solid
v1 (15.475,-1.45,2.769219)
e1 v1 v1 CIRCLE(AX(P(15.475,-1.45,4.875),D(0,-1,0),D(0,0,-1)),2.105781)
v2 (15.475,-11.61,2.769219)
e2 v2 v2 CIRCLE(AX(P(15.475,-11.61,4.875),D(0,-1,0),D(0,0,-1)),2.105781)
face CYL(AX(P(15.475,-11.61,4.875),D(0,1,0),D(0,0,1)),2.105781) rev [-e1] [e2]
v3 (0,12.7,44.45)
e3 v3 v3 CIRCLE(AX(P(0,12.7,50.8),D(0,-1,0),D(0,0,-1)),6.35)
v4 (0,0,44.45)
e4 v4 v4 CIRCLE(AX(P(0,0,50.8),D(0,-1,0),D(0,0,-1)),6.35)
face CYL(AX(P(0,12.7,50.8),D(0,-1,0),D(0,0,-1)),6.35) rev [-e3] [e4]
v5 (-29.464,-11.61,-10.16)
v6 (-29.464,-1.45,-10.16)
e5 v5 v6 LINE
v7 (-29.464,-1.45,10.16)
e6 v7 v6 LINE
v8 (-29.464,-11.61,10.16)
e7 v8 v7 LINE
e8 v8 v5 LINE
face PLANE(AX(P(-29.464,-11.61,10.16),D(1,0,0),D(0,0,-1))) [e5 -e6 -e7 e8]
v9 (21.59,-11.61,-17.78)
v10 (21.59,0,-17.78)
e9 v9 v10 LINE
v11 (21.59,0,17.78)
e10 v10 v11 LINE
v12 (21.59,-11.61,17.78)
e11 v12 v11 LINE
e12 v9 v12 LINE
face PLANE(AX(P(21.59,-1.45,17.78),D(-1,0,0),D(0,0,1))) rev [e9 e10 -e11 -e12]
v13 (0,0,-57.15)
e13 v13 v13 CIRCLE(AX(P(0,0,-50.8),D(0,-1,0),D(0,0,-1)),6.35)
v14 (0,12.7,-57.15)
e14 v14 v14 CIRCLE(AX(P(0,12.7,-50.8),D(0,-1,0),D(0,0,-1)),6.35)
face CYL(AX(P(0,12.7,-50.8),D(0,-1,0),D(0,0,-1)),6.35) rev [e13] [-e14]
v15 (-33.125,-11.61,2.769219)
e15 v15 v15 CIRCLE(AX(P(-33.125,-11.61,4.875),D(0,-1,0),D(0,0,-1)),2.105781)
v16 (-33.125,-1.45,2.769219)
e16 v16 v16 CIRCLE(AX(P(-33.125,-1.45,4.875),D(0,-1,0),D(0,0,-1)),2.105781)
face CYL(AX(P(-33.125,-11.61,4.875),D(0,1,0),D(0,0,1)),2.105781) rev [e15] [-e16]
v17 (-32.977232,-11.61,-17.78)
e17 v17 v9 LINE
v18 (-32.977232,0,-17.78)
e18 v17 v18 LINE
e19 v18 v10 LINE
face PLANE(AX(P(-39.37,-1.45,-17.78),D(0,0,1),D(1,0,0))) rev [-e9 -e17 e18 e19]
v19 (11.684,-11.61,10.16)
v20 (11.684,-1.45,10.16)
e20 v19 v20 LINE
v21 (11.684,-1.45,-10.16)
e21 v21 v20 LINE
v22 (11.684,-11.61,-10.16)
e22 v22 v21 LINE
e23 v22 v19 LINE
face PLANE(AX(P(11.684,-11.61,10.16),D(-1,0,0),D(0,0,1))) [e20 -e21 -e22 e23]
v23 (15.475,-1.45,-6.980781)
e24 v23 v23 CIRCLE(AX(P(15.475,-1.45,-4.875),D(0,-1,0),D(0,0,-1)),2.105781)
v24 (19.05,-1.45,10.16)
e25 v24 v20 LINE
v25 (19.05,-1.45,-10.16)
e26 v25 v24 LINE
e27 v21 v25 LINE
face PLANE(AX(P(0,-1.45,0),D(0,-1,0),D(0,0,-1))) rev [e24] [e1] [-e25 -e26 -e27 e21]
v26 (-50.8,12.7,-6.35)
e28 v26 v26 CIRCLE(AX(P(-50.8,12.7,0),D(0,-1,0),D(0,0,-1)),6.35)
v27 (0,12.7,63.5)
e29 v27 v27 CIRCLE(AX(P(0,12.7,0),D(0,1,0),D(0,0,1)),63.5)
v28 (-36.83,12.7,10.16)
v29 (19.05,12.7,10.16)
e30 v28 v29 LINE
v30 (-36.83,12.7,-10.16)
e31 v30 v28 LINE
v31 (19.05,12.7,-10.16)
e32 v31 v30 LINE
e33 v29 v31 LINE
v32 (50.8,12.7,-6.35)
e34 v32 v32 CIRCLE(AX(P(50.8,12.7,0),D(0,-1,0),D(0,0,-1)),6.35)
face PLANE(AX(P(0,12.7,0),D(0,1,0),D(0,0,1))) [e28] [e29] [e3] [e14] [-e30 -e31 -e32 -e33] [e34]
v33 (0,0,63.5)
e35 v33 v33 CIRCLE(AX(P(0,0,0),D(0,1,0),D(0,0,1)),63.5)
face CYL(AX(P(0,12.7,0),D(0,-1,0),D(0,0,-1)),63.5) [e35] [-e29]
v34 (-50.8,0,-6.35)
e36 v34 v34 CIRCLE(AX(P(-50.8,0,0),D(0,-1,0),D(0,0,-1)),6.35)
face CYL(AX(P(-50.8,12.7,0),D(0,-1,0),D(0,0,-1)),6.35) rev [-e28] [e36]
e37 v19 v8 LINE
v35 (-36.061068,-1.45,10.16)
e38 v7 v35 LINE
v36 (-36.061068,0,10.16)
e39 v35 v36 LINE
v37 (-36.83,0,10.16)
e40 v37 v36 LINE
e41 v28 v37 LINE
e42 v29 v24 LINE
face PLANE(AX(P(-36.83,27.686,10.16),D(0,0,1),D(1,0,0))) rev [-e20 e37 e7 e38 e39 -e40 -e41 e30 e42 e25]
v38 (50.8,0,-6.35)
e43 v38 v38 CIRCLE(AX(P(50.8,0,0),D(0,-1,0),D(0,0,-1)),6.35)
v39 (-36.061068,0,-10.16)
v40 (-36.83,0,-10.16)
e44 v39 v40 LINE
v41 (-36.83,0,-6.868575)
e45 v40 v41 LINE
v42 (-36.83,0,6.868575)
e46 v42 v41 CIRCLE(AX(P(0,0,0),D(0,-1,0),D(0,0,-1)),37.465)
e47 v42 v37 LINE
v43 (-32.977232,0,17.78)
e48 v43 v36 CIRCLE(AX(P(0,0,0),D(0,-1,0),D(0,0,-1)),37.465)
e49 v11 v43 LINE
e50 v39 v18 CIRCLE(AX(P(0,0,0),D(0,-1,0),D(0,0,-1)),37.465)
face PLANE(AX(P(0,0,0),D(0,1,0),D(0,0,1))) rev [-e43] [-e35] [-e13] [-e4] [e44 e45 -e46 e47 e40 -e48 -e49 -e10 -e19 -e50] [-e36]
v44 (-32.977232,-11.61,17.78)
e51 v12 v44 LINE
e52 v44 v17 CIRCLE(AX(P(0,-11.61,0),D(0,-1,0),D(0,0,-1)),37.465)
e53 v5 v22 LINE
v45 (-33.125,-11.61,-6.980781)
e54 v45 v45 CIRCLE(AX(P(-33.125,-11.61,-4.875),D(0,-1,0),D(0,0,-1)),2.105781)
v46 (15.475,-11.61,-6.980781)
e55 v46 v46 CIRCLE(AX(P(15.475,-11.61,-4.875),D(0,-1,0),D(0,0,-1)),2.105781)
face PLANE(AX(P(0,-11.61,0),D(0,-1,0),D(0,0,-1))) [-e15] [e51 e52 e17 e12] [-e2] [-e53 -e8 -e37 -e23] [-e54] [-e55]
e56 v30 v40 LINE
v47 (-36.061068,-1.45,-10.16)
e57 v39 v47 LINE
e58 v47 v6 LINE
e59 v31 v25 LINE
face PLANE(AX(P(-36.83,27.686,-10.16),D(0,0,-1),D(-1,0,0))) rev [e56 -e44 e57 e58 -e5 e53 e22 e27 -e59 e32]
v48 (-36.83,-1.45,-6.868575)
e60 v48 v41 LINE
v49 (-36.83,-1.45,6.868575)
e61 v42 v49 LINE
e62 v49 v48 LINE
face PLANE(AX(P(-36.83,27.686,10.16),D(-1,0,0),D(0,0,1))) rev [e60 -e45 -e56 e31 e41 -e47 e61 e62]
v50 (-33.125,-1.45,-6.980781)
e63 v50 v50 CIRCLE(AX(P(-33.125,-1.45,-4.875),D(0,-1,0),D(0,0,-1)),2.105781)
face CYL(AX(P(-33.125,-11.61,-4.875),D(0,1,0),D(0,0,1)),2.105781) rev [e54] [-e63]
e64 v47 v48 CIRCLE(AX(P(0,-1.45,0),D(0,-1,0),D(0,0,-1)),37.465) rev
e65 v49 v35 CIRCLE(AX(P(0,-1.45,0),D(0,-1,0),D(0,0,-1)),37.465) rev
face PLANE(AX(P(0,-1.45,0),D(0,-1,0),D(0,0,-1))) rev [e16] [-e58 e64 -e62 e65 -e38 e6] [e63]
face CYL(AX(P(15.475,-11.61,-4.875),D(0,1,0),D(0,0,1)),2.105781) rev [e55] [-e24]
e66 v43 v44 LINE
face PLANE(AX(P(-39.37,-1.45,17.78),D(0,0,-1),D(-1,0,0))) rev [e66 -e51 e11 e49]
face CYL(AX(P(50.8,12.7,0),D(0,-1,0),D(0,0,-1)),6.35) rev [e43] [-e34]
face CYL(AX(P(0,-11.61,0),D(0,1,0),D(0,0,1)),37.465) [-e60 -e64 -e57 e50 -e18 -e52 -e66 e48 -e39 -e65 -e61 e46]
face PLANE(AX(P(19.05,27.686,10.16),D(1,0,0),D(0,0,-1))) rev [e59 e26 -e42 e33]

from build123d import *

# Parameters (mm, degrees)
SKETCH2_R           = 63.5
BOSS_EXTRUDE1_DEPTH = 12.7
SKETCH3_R           = 6.35
CUT_EXTRUDE1_DEPTH  = 13.7
SKETCH6_W           = 55.88
SKETCH6_H           = 20.32
CUT_EXTRUDE3_DEPTH  = 27.686
SKETCH8_W           = 60.96
SKETCH8_H           = 35.56
SKETCH8_W_2         = 55.88
SKETCH8_H_2         = 20.32
BOSS_EXTRUDE2_DEPTH = 1.45
SKETCH9_W           = 60.96
SKETCH9_H           = 35.56
SKETCH9_R           = 2.105780523
SKETCH9_W_2         = 41.148
SKETCH9_H_2         = 20.32
BOSS_EXTRUDE3_DEPTH = 10.16
SKETCH11_R          = 63.5
SKETCH11_R_2        = 37.465
CUT_EXTRUDE5_DEPTH  = 12.61


with BuildPart() as part:
    # Sketch2 → Boss-Extrude1 (new body)
    with BuildSketch(Plane(origin=(0, 0, 0), x_dir=(1, 0, 0), z_dir=(0, 1, 0))):
        Circle(SKETCH2_R)
    extrude(amount=BOSS_EXTRUDE1_DEPTH)

    # Sketch3 → Cut-Extrude1 (cut, through all)
    with BuildSketch(Plane.XZ):
        with Locations((0, 50.8)):
            Circle(SKETCH3_R)
        with Locations((-50.8, 0)):
            Circle(SKETCH3_R)
        with Locations((0, -50.8)):
            Circle(SKETCH3_R)
        with Locations((50.8, 0)):
            Circle(SKETCH3_R)
    extrude(amount=-CUT_EXTRUDE1_DEPTH, mode=Mode.SUBTRACT)

    # Sketch6 → Cut-Extrude3 (cut)
    with BuildSketch(Plane.XZ):
        with Locations((-8.89, 0)):
            Rectangle(SKETCH6_W, SKETCH6_H)
    extrude(amount=-CUT_EXTRUDE3_DEPTH, mode=Mode.SUBTRACT)

    # Sketch8 → Boss-Extrude2 (add)
    with BuildSketch(Plane.XZ):
        with Locations((-8.89, 0)):
            Rectangle(SKETCH8_W, SKETCH8_H)
        with Locations((-8.89, 0)):
            Rectangle(SKETCH8_W_2, SKETCH8_H_2, mode=Mode.SUBTRACT)
    extrude(amount=BOSS_EXTRUDE2_DEPTH)

    # Sketch9 → Boss-Extrude3 (add)
    with BuildSketch(Plane.XZ.offset(1.45)):
        with Locations((-8.89, 0)):
            Rectangle(SKETCH9_W, SKETCH9_H)
        with Locations((-33.125, 4.875)):
            Circle(SKETCH9_R, mode=Mode.SUBTRACT)
        with Locations((-33.125, -4.875)):
            Circle(SKETCH9_R, mode=Mode.SUBTRACT)
        with Locations((15.475, 4.875)):
            Circle(SKETCH9_R, mode=Mode.SUBTRACT)
        with Locations((15.475, -4.875)):
            Circle(SKETCH9_R, mode=Mode.SUBTRACT)
        with Locations((-8.89, 0)):
            Rectangle(SKETCH9_W_2, SKETCH9_H_2, mode=Mode.SUBTRACT)
    extrude(amount=BOSS_EXTRUDE3_DEPTH)

    # Sketch11 → Cut-Extrude5 (cut, through all)
    with BuildSketch(Plane.XZ):
        Circle(SKETCH11_R)
        Circle(SKETCH11_R_2, mode=Mode.SUBTRACT)
    extrude(amount=CUT_EXTRUDE5_DEPTH, mode=Mode.SUBTRACT)


solid = part.part
